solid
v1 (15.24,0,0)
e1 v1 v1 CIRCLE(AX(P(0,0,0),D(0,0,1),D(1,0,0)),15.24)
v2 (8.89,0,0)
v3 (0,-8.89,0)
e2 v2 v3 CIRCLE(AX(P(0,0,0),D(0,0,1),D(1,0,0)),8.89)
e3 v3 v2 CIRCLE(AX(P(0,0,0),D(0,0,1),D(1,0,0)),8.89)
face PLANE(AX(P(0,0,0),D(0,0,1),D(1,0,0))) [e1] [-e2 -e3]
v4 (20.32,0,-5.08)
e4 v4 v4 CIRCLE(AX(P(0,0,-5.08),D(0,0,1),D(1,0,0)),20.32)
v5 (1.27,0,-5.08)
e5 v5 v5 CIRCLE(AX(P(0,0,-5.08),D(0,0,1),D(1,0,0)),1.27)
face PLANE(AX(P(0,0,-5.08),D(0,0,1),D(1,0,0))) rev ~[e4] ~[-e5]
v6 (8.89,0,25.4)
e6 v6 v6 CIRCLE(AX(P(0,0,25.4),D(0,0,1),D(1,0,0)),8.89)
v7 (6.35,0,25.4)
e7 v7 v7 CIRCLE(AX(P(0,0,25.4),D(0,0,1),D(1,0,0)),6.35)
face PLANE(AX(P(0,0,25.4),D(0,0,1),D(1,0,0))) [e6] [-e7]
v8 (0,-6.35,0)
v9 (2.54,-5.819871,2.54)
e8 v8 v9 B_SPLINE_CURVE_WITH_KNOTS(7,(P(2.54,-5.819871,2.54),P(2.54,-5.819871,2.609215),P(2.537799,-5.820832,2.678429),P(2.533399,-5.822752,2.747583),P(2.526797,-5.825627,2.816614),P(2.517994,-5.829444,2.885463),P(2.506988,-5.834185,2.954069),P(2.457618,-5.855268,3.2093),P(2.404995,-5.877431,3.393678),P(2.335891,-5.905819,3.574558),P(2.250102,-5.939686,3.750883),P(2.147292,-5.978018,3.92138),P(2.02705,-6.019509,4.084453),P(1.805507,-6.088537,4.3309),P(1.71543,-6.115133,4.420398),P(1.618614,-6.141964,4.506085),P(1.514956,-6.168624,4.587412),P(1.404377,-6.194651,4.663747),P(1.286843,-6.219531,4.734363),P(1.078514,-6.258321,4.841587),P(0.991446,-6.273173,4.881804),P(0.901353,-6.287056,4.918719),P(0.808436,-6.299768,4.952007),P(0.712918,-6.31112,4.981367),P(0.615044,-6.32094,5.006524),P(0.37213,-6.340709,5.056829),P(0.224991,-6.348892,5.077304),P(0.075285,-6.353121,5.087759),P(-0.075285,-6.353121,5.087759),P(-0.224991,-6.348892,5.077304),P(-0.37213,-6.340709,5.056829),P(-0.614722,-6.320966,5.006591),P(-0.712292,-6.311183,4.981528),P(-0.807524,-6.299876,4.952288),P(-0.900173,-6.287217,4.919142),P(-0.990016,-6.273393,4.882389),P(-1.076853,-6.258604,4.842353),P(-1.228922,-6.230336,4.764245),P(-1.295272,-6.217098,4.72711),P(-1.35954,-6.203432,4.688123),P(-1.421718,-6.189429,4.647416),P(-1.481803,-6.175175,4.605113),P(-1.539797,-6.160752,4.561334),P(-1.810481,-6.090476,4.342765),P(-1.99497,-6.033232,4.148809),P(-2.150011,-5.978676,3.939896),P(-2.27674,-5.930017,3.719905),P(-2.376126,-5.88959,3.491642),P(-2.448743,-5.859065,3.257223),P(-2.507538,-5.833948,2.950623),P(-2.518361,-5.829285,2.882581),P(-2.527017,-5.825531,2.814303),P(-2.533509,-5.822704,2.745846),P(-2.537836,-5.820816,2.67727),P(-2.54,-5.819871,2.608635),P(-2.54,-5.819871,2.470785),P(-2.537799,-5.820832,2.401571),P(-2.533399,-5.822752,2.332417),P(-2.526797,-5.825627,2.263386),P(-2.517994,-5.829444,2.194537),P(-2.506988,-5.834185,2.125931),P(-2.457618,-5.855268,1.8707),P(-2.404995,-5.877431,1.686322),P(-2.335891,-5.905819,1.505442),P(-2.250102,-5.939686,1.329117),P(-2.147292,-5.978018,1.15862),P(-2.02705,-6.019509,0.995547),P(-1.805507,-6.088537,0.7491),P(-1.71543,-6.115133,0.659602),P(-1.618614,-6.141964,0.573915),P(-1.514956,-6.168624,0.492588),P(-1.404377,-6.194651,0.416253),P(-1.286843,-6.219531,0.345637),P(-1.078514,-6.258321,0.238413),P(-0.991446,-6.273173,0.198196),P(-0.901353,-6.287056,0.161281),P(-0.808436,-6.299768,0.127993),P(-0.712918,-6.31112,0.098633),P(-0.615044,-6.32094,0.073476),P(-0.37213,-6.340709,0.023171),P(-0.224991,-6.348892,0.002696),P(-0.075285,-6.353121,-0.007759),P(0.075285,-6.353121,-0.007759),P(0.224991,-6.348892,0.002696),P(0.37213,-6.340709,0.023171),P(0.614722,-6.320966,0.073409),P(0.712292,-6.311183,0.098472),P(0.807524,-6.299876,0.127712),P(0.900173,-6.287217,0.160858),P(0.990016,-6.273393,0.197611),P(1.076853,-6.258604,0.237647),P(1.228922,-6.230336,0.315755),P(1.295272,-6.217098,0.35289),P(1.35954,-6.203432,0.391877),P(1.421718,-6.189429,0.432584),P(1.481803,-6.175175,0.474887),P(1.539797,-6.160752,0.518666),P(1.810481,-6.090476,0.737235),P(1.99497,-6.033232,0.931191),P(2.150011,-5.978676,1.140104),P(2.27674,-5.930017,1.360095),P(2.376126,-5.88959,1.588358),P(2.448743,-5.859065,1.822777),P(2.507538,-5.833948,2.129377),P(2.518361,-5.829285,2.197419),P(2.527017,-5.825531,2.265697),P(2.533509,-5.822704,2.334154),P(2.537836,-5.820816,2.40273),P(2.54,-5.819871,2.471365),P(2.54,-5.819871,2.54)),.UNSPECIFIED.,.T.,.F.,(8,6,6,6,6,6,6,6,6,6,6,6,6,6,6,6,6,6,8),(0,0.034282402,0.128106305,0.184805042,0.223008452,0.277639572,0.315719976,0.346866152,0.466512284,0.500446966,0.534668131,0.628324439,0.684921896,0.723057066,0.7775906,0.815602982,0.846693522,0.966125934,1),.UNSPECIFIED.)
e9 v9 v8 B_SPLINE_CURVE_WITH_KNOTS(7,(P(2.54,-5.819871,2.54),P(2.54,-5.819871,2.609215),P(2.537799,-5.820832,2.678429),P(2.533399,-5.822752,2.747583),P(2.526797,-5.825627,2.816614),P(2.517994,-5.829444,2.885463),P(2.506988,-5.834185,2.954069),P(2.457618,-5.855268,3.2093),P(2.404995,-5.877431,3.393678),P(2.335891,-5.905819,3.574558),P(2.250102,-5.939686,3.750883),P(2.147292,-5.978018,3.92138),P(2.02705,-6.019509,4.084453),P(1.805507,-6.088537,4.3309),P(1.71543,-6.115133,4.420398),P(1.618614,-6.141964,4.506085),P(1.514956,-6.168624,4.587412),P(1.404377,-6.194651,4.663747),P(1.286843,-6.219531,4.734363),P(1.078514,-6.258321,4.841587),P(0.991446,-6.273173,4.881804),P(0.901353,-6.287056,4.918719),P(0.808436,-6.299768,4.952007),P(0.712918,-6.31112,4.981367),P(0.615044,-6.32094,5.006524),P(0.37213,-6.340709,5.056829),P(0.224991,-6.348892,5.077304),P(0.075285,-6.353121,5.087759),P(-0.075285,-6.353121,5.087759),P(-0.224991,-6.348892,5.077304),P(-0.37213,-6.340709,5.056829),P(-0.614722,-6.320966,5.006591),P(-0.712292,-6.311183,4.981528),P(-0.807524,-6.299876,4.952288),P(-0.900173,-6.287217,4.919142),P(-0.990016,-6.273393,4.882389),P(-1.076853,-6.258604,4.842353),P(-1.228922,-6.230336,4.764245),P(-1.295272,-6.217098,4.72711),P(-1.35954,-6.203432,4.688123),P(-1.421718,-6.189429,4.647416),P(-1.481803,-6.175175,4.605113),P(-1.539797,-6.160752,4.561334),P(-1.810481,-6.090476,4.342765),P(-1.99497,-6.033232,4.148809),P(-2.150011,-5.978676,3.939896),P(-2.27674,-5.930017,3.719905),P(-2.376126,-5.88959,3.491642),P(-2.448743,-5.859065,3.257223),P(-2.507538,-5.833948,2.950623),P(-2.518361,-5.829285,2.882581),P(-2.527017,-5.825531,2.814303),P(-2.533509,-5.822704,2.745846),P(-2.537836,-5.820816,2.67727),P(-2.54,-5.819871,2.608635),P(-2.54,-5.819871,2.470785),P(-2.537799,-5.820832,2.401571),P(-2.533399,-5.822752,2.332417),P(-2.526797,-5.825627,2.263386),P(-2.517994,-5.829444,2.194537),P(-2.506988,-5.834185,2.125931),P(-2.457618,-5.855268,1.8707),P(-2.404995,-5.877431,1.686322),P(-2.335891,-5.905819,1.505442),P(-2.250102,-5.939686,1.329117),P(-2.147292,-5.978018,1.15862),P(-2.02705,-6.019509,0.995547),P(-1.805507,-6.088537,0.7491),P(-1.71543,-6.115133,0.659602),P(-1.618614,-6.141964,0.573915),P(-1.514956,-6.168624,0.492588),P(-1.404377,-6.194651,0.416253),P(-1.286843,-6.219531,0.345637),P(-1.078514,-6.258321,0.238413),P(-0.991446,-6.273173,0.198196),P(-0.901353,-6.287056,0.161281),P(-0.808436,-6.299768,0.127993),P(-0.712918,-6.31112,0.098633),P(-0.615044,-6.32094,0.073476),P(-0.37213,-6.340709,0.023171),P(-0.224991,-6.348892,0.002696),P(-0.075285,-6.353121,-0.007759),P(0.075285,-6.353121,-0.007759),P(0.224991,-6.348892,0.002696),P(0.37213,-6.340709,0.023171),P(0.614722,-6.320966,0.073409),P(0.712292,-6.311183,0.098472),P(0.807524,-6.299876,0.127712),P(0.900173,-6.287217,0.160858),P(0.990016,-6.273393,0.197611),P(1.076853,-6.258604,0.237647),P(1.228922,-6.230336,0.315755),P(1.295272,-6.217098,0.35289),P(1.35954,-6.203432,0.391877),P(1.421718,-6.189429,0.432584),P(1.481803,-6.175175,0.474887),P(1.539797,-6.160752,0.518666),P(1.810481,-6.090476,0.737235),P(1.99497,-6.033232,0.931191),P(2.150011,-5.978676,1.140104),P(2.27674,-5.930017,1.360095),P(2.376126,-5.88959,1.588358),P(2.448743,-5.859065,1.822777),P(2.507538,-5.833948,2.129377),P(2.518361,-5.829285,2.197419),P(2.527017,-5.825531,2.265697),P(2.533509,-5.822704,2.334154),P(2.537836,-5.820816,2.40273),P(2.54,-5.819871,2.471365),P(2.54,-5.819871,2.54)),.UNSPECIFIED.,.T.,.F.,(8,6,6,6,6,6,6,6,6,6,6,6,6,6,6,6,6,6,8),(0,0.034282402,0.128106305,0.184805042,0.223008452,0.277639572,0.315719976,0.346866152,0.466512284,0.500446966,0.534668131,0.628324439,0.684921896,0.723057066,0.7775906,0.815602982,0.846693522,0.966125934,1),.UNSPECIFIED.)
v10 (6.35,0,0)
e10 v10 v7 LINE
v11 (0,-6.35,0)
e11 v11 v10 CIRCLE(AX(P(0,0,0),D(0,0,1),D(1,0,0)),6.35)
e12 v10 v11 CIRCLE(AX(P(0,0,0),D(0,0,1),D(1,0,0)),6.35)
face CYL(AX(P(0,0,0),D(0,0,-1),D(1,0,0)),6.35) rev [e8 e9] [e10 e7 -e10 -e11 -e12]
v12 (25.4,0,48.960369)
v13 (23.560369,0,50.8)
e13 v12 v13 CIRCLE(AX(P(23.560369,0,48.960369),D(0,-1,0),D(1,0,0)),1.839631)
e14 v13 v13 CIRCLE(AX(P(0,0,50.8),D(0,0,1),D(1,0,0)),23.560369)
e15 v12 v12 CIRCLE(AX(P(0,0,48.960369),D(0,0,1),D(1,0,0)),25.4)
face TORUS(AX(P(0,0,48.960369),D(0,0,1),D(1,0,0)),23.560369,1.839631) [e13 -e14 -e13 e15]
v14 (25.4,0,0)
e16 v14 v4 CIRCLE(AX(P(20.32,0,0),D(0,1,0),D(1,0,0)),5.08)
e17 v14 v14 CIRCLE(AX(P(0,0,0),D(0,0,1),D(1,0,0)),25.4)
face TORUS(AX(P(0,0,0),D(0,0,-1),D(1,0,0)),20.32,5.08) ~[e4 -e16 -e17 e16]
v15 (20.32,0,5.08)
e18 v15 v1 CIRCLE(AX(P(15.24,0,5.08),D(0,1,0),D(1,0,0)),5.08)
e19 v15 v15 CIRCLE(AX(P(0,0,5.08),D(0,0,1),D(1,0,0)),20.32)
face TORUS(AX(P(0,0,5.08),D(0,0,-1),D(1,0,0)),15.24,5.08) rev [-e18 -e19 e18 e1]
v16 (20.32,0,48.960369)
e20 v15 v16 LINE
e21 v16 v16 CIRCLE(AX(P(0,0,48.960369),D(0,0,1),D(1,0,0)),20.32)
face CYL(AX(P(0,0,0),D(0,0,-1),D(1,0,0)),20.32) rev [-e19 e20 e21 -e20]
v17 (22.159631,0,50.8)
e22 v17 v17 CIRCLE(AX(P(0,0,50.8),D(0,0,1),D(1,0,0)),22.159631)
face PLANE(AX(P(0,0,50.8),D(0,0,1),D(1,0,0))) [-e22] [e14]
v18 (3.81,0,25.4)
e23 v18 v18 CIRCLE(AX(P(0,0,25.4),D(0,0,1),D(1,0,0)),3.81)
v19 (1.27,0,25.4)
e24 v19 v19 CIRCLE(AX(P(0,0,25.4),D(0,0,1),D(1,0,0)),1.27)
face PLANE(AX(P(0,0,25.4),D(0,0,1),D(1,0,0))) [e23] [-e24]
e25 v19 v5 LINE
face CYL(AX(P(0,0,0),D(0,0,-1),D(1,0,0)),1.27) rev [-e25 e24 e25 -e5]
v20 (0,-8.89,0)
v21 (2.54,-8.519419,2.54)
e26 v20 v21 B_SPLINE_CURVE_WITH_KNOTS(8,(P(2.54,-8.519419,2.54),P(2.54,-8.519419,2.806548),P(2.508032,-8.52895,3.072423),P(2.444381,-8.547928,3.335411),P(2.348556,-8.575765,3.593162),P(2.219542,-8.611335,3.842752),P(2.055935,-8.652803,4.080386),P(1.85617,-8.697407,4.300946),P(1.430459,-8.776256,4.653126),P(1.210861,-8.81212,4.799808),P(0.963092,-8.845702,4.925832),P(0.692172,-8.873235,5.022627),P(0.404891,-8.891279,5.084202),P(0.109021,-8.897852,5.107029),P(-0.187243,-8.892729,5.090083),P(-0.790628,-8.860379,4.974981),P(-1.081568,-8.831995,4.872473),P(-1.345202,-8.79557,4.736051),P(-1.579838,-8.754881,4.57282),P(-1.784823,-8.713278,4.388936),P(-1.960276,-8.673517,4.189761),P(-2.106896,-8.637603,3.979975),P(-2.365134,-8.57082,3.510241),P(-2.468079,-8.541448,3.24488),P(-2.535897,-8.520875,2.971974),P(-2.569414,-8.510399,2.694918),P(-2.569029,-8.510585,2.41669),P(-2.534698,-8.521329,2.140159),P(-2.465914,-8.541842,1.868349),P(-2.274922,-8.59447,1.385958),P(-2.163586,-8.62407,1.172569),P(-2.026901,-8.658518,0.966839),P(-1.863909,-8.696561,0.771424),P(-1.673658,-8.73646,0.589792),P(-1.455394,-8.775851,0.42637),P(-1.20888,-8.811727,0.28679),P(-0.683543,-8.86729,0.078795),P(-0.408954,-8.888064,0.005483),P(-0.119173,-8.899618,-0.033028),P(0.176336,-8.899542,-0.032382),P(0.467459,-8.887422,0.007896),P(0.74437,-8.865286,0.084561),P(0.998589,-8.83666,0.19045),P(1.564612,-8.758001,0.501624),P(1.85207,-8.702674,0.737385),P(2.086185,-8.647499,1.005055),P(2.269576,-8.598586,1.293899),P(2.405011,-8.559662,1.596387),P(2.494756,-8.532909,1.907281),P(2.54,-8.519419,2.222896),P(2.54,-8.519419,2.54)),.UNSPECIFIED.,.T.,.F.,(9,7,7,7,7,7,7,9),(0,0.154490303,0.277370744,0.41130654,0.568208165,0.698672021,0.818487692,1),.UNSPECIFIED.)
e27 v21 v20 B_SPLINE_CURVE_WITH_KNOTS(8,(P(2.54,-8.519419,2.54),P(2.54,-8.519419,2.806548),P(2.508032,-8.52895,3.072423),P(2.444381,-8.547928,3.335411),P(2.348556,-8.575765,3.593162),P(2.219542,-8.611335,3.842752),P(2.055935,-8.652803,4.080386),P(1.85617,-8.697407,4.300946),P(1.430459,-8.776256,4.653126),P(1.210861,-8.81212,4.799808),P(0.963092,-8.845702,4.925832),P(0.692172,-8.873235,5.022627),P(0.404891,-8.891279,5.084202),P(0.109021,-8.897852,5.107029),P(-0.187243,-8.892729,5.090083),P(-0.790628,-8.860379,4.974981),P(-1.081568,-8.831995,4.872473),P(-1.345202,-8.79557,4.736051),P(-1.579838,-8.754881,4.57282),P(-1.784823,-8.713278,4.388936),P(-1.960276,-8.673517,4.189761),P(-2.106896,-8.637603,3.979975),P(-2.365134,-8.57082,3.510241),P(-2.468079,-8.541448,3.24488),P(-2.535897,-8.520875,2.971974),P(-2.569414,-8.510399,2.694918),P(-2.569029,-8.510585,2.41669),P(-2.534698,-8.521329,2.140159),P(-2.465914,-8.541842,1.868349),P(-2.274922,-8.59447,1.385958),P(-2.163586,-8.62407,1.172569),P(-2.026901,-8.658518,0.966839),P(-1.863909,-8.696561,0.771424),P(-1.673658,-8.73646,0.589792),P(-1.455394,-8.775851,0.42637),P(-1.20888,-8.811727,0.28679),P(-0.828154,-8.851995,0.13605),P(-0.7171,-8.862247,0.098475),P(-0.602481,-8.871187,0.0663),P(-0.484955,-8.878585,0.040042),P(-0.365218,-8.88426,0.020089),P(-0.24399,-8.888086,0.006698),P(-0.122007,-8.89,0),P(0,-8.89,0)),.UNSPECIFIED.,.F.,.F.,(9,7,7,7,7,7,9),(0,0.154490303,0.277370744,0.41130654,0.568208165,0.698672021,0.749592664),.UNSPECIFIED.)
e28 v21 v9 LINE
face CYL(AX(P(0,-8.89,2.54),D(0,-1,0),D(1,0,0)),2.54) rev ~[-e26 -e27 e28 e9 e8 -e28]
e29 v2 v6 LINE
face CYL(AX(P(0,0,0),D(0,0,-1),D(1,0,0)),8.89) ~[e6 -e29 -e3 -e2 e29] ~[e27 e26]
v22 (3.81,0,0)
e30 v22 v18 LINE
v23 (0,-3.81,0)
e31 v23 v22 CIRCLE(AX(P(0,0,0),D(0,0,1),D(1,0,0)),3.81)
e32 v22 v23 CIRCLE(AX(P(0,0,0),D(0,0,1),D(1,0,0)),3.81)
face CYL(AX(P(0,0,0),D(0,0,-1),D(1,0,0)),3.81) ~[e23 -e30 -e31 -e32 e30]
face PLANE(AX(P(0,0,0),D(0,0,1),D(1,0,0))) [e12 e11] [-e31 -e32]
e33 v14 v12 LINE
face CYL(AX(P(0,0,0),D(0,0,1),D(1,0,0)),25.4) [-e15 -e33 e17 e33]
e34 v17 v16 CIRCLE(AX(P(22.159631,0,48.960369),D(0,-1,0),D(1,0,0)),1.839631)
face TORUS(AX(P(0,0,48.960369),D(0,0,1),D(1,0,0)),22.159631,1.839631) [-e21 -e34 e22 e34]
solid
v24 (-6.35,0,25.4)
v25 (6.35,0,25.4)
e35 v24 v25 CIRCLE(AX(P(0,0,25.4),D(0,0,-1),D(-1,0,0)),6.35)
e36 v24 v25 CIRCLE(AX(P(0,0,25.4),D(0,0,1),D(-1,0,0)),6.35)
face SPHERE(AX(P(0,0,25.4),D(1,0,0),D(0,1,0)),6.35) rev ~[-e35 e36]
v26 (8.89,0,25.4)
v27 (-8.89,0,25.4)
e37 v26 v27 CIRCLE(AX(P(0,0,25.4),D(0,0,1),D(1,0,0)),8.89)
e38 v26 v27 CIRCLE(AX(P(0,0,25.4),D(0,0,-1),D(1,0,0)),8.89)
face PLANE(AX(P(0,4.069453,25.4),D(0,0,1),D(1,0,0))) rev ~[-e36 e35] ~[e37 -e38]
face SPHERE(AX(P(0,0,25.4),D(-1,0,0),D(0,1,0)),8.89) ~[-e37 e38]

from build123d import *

# Parameters (mm, degrees)
F0_R     = 25.4
F0_R_2   = 20.32
F0_R_3   = 8.89
F0_R_4   = 6.35
F0_R_5   = 3.81
F0_R_6   = 1.27
F1_DEPTH = 5.08
F2_DEPTH = 25.4
F3_DEPTH = 50.8
F4_DEPTH = 25.4
F6_ANGLE = 180
F8_R     = 2.54
F9_DEPTH = 5.08
F10_R    = 1.8396307345
F11_R    = 5.08


with BuildPart() as f1:
    # F0 (on Top) → F1 (new body)
    with BuildSketch(Plane.XY):
        Circle(F0_R)
        Circle(F0_R_2, mode=Mode.SUBTRACT)
        Circle(F0_R_2)
        Circle(F0_R_3, mode=Mode.SUBTRACT)
        Circle(F0_R_3)
        Circle(F0_R_4, mode=Mode.SUBTRACT)
        Circle(F0_R_4)
        Circle(F0_R_5, mode=Mode.SUBTRACT)
        Circle(F0_R_5)
        Circle(F0_R_6, mode=Mode.SUBTRACT)
    extrude(amount=-F1_DEPTH)

    # F0 (on Top) → F2 (join)
    with BuildSketch(Plane.XY):
        Circle(F0_R_3)
        Circle(F0_R_4, mode=Mode.SUBTRACT)
    extrude(amount=F2_DEPTH)

    # F0 (on Top) → F3 (join)
    with BuildSketch(Plane.XY):
        Circle(F0_R)
        Circle(F0_R_2, mode=Mode.SUBTRACT)
    extrude(amount=F3_DEPTH)

    # F0 (on Top) → F4 (join)
    with BuildSketch(Plane.XY):
        Circle(F0_R_5)
        Circle(F0_R_6, mode=Mode.SUBTRACT)
    extrude(amount=F4_DEPTH)

    # F8 (on offset) → F9 (cut)
    with BuildSketch(Plane.XZ.offset(8.89)):
        with Locations((0, 2.54)):
            Circle(F8_R)
    extrude(amount=-F9_DEPTH, mode=Mode.SUBTRACT)

    # F10
    f10_edges = [f1.edges().sort_by_distance(p)[0] for p in [
        (-20.32, 0, 50.8),
        (-25.4, 0, 50.8),
    ]]
    fillet(f10_edges, radius=F10_R)

    # F11
    f11_edges = [f1.edges().sort_by_distance(p)[0] for p in [
        (-25.4, 0, -5.08),
        (-20.32, 0, 0),
    ]]
    fillet(f11_edges, radius=F11_R)


with BuildPart() as f6:
    # F5 (on face) → F6 (revolve)
    with BuildSketch(Plane.XY.offset(25.4)):
        with BuildLine():
            Line((-8.89, 0), (-6.35, 0))
            ThreePointArc((-6.35, 0), (0, 6.35), (6.35, 0))
            Line((6.35, 0), (8.89, 0))
            ThreePointArc((8.89, 0), (0, 8.89), (-8.89, 0))
        make_face()
    revolve(axis=Axis((0, 0, 25.4), (1, 0, 0)), revolution_arc=F6_ANGLE)


solid = Compound([f1.part, f6.part])
